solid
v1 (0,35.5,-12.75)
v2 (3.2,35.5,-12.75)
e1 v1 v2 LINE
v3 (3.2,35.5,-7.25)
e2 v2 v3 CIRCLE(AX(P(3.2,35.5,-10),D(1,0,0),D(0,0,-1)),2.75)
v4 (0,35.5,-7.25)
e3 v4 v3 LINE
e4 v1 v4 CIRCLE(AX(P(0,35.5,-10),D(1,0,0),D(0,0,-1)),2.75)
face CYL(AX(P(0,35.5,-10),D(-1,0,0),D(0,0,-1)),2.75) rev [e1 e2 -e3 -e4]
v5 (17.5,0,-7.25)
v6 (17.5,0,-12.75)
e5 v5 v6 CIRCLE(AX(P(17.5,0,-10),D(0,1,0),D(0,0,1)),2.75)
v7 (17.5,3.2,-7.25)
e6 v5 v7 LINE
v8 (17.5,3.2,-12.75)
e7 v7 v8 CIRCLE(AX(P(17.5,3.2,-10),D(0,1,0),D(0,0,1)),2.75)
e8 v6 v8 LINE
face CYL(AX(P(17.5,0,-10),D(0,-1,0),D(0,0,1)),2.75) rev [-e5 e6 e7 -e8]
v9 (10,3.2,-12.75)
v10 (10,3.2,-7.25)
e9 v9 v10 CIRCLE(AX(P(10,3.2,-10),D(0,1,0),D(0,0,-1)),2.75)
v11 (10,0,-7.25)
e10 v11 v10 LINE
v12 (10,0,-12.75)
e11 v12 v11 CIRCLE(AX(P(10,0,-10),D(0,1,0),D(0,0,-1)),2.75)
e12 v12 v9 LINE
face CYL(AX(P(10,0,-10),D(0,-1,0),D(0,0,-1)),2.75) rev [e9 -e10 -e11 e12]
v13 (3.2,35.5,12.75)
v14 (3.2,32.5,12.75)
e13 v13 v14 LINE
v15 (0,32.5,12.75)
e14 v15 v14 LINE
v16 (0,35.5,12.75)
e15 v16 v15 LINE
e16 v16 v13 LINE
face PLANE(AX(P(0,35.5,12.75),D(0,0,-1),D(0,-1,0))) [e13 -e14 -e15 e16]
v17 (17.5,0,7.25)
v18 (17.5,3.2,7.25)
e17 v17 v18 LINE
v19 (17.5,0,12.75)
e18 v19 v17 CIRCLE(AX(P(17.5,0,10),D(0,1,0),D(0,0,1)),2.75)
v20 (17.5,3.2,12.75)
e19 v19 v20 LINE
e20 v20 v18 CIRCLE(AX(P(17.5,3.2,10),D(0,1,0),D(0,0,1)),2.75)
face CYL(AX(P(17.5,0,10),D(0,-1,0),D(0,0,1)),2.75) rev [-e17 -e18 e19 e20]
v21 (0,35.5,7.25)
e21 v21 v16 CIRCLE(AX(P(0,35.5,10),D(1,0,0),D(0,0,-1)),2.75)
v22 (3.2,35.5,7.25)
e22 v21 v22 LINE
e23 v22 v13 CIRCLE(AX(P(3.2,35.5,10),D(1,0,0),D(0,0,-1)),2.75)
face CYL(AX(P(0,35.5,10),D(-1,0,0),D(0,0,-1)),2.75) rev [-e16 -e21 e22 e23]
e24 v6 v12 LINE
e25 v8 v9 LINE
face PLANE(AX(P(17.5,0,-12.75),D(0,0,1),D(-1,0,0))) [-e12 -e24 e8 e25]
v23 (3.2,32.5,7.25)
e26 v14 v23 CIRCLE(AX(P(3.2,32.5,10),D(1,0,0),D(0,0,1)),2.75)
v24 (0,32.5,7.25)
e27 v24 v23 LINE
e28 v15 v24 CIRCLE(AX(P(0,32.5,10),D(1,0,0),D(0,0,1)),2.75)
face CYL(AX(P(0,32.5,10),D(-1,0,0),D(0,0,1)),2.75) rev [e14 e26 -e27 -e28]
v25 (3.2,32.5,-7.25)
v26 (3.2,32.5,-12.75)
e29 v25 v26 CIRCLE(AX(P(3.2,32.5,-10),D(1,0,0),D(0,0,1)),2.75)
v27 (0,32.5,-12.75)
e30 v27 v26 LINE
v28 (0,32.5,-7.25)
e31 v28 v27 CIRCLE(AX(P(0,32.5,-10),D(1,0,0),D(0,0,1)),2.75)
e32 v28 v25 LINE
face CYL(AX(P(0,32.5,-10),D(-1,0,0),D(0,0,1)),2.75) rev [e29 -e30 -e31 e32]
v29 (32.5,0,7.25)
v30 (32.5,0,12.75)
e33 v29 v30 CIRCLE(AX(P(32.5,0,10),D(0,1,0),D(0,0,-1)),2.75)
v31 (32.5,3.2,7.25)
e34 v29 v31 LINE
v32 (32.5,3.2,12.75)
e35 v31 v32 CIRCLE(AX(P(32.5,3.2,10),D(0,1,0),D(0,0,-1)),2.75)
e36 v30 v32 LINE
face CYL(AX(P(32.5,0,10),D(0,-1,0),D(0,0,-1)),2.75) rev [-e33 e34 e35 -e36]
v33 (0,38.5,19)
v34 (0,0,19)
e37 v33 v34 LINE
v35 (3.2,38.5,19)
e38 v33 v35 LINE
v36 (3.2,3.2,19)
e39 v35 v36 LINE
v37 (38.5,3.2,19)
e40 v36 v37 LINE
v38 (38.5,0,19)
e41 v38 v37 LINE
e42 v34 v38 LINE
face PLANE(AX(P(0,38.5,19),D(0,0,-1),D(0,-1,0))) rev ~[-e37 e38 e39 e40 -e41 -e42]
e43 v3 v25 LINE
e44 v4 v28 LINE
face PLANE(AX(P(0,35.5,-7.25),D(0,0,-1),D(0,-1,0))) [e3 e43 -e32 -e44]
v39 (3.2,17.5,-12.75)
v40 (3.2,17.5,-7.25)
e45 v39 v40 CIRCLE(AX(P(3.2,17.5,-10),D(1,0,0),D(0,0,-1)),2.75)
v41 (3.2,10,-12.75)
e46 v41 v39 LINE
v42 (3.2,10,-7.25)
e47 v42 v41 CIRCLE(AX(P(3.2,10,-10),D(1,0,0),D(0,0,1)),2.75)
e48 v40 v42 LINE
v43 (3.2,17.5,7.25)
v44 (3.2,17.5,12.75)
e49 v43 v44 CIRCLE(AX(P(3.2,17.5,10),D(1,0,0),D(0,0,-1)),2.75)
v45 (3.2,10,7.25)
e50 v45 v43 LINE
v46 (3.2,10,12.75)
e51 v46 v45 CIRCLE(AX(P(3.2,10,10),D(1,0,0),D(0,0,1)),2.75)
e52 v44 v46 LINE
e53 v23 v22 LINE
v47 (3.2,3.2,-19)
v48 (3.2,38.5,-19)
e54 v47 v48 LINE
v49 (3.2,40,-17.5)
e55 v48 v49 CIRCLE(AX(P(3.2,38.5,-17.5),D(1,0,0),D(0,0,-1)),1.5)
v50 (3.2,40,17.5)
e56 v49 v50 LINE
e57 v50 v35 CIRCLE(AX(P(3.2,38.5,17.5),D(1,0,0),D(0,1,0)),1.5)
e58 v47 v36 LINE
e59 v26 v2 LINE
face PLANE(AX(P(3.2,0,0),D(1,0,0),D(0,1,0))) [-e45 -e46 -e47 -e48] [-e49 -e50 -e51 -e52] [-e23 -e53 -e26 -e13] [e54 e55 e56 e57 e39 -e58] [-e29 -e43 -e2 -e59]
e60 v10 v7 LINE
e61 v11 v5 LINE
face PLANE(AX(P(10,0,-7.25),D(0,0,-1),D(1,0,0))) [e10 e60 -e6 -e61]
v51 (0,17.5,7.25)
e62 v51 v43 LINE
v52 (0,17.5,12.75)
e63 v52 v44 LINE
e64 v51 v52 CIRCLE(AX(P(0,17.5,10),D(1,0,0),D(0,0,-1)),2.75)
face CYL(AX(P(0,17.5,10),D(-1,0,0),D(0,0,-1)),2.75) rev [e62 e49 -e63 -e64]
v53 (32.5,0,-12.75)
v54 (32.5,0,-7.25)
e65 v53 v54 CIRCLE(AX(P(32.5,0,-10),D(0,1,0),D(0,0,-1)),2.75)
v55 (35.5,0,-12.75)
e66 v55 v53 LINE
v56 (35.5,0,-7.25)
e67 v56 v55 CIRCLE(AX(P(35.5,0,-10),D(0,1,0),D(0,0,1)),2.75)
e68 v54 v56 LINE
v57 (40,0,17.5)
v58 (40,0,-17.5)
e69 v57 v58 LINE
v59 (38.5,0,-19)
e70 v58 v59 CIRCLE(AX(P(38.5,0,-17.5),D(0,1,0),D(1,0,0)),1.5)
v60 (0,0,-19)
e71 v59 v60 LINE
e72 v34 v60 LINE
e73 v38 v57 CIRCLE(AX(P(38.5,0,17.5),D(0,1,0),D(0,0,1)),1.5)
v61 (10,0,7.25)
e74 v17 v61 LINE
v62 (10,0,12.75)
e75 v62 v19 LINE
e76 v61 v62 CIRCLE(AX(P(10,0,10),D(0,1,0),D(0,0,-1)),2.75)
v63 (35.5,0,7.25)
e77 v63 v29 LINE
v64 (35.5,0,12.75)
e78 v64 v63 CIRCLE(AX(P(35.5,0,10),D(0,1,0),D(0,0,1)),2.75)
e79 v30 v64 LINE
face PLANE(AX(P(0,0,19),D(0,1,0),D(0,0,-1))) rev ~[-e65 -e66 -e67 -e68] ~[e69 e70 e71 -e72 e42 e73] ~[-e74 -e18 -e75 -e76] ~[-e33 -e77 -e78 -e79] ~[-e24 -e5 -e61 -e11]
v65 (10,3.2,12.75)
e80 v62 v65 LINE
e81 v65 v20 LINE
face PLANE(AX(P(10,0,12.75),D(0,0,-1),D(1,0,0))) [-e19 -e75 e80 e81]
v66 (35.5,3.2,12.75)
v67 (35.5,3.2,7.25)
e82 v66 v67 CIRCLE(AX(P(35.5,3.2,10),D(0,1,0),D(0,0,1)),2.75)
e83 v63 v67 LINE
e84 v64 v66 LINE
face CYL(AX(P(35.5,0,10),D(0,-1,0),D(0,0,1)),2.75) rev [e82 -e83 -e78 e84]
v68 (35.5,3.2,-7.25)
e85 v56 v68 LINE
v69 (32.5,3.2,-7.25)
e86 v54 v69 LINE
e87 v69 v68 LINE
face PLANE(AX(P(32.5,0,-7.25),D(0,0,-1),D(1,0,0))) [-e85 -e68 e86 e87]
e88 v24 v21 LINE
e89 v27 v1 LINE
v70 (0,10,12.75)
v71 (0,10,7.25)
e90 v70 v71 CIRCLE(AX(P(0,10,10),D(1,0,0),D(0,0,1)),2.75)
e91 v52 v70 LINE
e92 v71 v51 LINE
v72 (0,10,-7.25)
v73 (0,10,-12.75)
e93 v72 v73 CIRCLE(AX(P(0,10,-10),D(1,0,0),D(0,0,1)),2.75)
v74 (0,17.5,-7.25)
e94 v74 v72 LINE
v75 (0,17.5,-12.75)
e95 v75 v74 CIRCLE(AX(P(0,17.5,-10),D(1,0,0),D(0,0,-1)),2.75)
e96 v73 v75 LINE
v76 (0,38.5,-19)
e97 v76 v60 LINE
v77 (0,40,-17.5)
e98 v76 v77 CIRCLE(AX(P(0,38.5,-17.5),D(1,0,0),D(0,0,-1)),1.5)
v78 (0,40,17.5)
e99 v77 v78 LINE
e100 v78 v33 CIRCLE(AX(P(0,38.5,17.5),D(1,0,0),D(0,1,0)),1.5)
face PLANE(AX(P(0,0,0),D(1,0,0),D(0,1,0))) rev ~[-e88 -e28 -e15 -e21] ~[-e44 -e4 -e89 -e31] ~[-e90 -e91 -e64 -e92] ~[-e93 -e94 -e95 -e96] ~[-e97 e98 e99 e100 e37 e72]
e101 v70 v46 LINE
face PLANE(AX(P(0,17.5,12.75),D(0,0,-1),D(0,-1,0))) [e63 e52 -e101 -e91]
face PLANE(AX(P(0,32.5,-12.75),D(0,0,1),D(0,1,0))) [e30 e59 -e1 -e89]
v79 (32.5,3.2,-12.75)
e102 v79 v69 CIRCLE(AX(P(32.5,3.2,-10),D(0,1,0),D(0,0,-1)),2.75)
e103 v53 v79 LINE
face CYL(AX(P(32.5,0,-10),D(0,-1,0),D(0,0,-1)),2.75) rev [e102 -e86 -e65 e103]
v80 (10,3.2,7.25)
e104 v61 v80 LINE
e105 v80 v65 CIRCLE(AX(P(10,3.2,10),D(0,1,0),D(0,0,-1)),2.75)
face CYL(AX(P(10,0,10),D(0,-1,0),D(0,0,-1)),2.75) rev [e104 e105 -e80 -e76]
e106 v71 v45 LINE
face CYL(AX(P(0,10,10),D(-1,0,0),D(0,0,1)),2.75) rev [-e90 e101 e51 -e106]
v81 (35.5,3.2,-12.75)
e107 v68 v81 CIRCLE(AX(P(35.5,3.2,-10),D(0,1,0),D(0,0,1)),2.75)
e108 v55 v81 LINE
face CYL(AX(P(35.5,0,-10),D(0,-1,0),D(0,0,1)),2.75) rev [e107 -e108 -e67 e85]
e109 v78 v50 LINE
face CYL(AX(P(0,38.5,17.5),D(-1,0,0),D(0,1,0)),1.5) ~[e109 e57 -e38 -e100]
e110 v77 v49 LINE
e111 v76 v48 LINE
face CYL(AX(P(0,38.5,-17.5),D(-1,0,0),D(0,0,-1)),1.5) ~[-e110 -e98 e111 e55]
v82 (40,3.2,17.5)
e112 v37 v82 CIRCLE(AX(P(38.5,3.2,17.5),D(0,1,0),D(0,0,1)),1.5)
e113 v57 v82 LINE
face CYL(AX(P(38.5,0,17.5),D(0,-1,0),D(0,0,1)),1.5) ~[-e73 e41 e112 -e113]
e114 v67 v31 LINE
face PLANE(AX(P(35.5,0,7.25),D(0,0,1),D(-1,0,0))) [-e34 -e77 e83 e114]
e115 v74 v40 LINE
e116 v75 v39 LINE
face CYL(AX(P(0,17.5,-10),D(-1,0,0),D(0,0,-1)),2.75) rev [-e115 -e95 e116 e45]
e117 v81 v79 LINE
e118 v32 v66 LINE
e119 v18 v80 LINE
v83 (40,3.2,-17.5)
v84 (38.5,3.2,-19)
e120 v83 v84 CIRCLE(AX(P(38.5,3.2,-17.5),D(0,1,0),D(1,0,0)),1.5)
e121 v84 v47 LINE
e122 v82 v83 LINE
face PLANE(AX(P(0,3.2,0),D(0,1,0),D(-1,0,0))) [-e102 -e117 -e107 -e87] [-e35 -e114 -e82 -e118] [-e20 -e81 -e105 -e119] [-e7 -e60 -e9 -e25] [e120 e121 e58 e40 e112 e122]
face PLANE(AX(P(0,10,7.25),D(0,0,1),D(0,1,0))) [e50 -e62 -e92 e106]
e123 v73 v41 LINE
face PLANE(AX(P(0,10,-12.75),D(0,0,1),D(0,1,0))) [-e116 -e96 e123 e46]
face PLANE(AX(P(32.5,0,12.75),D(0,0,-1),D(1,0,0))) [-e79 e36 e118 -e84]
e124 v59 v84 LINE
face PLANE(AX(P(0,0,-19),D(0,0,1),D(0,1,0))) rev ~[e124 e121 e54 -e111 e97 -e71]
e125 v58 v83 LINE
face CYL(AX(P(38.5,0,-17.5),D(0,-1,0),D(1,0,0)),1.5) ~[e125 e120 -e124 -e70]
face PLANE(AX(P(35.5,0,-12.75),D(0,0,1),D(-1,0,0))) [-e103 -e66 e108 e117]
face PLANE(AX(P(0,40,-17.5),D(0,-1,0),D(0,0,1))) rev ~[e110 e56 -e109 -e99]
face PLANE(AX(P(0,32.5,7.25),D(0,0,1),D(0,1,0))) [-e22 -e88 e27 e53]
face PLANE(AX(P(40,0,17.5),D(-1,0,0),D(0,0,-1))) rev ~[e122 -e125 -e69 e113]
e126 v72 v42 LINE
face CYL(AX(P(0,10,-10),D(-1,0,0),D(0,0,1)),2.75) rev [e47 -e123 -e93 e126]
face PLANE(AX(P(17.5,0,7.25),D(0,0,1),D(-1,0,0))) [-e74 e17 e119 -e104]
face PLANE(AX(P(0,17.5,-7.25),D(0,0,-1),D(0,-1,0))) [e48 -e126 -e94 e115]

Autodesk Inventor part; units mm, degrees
sketch "Sketch_1" plane through (0, 0, 0) normal (1, 0, 0) x (0, 1, 0)
  line L0 (38.5, 19) -> (0, 19)
  line L1 (0, 19) -> (0, -19)
  line L2 (0, -19) -> (38.5, -19)
  arc A0 (38.5, -19) -> (40, -17.5) centre (38.5, -17.5) ccw
  line L3 (40, -17.5) -> (40, 17.5)
  arc A1 (40, 17.5) -> (38.5, 19) centre (38.5, 17.5) ccw
  line L4 (17.5, -7.25) -> (10, -7.25)
  arc A2 (10, -7.25) -> (10, -12.75) centre (10, -10) ccw
  line L5 (10, -12.75) -> (17.5, -12.75)
  arc A3 (17.5, -12.75) -> (17.5, -7.25) centre (17.5, -10) ccw
  line L6 (35.5, -7.25) -> (32.5, -7.25)
  arc A4 (32.5, -7.25) -> (32.5, -12.75) centre (32.5, -10) ccw
  line L7 (32.5, -12.75) -> (35.5, -12.75)
  arc A5 (35.5, -12.75) -> (35.5, -7.25) centre (35.5, -10) ccw
  line L8 (17.5, 12.75) -> (10, 12.75)
  arc A6 (10, 12.75) -> (10, 7.25) centre (10, 10) ccw
  line L9 (10, 7.25) -> (17.5, 7.25)
  arc A7 (17.5, 7.25) -> (17.5, 12.75) centre (17.5, 10) ccw
  line L10 (35.5, 12.75) -> (32.5, 12.75)
  arc A8 (32.5, 12.75) -> (32.5, 7.25) centre (32.5, 10) ccw
  line L11 (32.5, 7.25) -> (35.5, 7.25)
  arc A9 (35.5, 7.25) -> (35.5, 12.75) centre (35.5, 10) ccw
extrude "Extrusion1" add sketch "Sketch_1" along normal blind 3.2
sketch "Sketch_3" plane through (0, 0, 0) normal (0, 1, 0) x (-1, 0, 0)
  line L0 (0, 19) -> (-38.5, 19)
  arc A0 (-38.5, 19) -> (-40, 17.5) centre (-38.5, 17.5) ccw
  line L1 (-40, 17.5) -> (-40, -17.5)
  arc A1 (-40, -17.5) -> (-38.5, -19) centre (-38.5, -17.5) ccw
  line L2 (-38.5, -19) -> (0, -19)
  line L3 (0, -19) -> (0, 19)
  arc A2 (-32.5, -12.75) -> (-32.5, -7.25) centre (-32.5, -10) ccw
  line L4 (-32.5, -7.25) -> (-35.5, -7.25)
  arc A3 (-35.5, -7.25) -> (-35.5, -12.75) centre (-35.5, -10) ccw
  line L5 (-35.5, -12.75) -> (-32.5, -12.75)
  arc A4 (-32.5, 7.25) -> (-32.5, 12.75) centre (-32.5, 10) ccw
  line L6 (-32.5, 12.75) -> (-35.5, 12.75)
  arc A5 (-35.5, 12.75) -> (-35.5, 7.25) centre (-35.5, 10) ccw
  line L7 (-35.5, 7.25) -> (-32.5, 7.25)
  arc A6 (-10, -12.75) -> (-10, -7.25) centre (-10, -10) ccw
  line L8 (-10, -7.25) -> (-17.5, -7.25)
  arc A7 (-17.5, -7.25) -> (-17.5, -12.75) centre (-17.5, -10) ccw
  line L9 (-17.5, -12.75) -> (-10, -12.75)
  arc A8 (-10, 7.25) -> (-10, 12.75) centre (-10, 10) ccw
  line L10 (-10, 12.75) -> (-17.5, 12.75)
  arc A9 (-17.5, 12.75) -> (-17.5, 7.25) centre (-17.5, 10) ccw
  line L11 (-17.5, 7.25) -> (-10, 7.25)
extrude "Extrusion2" add sketch "Sketch_3" along normal blind 3.2
ref_plane "to_cbm_1_1_XY" through (3.2, 17.5, -10) normal (1, 0, 0) x (0, 0, -1)
ref_plane "to_cbm_1_1_YZ" through (3.2, 17.5, -10) normal (0, 0, -1) x (0, 1, 0)
ref_plane "to_cbm_1_1_ZX" through (3.2, 17.5, -10) normal (0, 1, 0) x (1, 0, 0)
ref_plane "to_cbm_1_2_XY" through (3.2, 17.5, 10) normal (1, 0, 0) x (0, 0, -1)
ref_plane "to_cbm_1_2_YZ" through (3.2, 17.5, 10) normal (0, 0, -1) x (0, 1, 0)
ref_plane "to_cbm_1_2_ZX" through (3.2, 17.5, 10) normal (0, 1, 0) x (1, 0, 0)
ref_plane "to_cbm_1_3_XY" through (3.2, 35.5, -10) normal (1, 0, 0) x (0, 0, -1)
ref_plane "to_cbm_1_3_YZ" through (3.2, 35.5, -10) normal (0, 0, -1) x (0, 1, 0)
ref_plane "to_cbm_1_3_ZX" through (3.2, 35.5, -10) normal (0, 1, 0) x (1, 0, 0)
ref_plane "to_cbm_1_4_XY" through (3.2, 35.5, 10) normal (1, 0, 0) x (0, 0, -1)
ref_plane "to_cbm_1_4_YZ" through (3.2, 35.5, 10) normal (0, 0, -1) x (0, 1, 0)
ref_plane "to_cbm_1_4_ZX" through (3.2, 35.5, 10) normal (0, 1, 0) x (1, 0, 0)
ref_plane "to_cbm_2_1_XY" through (17.5, 3.2, 10) normal (0, 1, 0) x (1, 0, 0)
ref_plane "to_cbm_2_1_YZ" through (17.5, 3.2, 10) normal (1, 0, 0) x (0, 0, -1)
ref_plane "to_cbm_2_1_ZX" through (17.5, 3.2, 10) normal (0, 0, -1) x (0, 1, 0)
ref_plane "to_cbm_2_2_XY" through (17.5, 3.2, -10) normal (0, 1, 0) x (1, 0, 0)
ref_plane "to_cbm_2_2_YZ" through (17.5, 3.2, -10) normal (1, 0, 0) x (0, 0, -1)
ref_plane "to_cbm_2_2_ZX" through (17.5, 3.2, -10) normal (0, 0, -1) x (0, 1, 0)
ref_plane "to_cbm_2_3_XY" through (35.5, 3.2, 10) normal (0, 1, 0) x (1, 0, 0)
ref_plane "to_cbm_2_3_YZ" through (35.5, 3.2, 10) normal (1, 0, 0) x (0, 0, -1)
ref_plane "to_cbm_2_3_ZX" through (35.5, 3.2, 10) normal (0, 0, -1) x (0, 1, 0)
ref_plane "to_cbm_2_4_XY" through (35.5, 3.2, -10) normal (0, 1, 0) x (1, 0, 0)
ref_plane "to_cbm_2_4_YZ" through (35.5, 3.2, -10) normal (1, 0, 0) x (0, 0, -1)
ref_plane "to_cbm_2_4_ZX" through (35.5, 3.2, -10) normal (0, 0, -1) x (0, 1, 0)
ref_plane "to_hntp5_1_1_XY" through (-2, 17.5, -10) normal (-1, 0, 0) x (0, -1, 0)
ref_plane "to_hntp5_1_1_YZ" through (-2, 17.5, -10) normal (0, -1, 0) x (0, 0, 1)
ref_plane "to_hntp5_1_1_ZX" through (-2, 17.5, -10) normal (0, 0, 1) x (-1, 0, 0)
ref_plane "to_hntp5_1_2_XY" through (-2, 17.5, 10) normal (-1, 0, 0) x (0, -1, 0)
ref_plane "to_hntp5_1_2_YZ" through (-2, 17.5, 10) normal (0, -1, 0) x (0, 0, 1)
ref_plane "to_hntp5_1_2_ZX" through (-2, 17.5, 10) normal (0, 0, 1) x (-1, 0, 0)
ref_plane "to_hntp5_1_3_XY" through (-2, 35.5, -10) normal (-1, 0, 0) x (0, -1, 0)
ref_plane "to_hntp5_1_3_YZ" through (-2, 35.5, -10) normal (0, -1, 0) x (0, 0, 1)
ref_plane "to_hntp5_1_3_ZX" through (-2, 35.5, -10) normal (0, 0, 1) x (-1, 0, 0)
ref_plane "to_hntp5_1_4_XY" through (-2, 35.5, 10) normal (-1, 0, 0) x (0, -1, 0)
ref_plane "to_hntp5_1_4_YZ" through (-2, 35.5, 10) normal (0, -1, 0) x (0, 0, 1)
ref_plane "to_hntp5_1_4_ZX" through (-2, 35.5, 10) normal (0, 0, 1) x (-1, 0, 0)
ref_plane "to_hntp5_2_1_XY" through (17.5, -2, 10) normal (0, -1, 0) x (-1, 0, 0)
ref_plane "to_hntp5_2_1_YZ" through (17.5, -2, 10) normal (-1, 0, 0) x (0, 0, -1)
ref_plane "to_hntp5_2_1_ZX" through (17.5, -2, 10) normal (0, 0, -1) x (0, -1, 0)
ref_plane "to_hntp5_2_2_XY" through (17.5, -2, -10) normal (0, -1, 0) x (-1, 0, 0)
ref_plane "to_hntp5_2_2_YZ" through (17.5, -2, -10) normal (-1, 0, 0) x (0, 0, -1)
ref_plane "to_hntp5_2_2_ZX" through (17.5, -2, -10) normal (0, 0, -1) x (0, -1, 0)
ref_plane "to_hntp5_2_3_XY" through (35.5, -2, 10) normal (0, -1, 0) x (-1, 0, 0)
ref_plane "to_hntp5_2_3_YZ" through (35.5, -2, 10) normal (-1, 0, 0) x (0, 0, -1)
ref_plane "to_hntp5_2_3_ZX" through (35.5, -2, 10) normal (0, 0, -1) x (0, -1, 0)
ref_plane "to_hntp5_2_4_XY" through (35.5, -2, -10) normal (0, -1, 0) x (-1, 0, 0)
ref_plane "to_hntp5_2_4_YZ" through (35.5, -2, -10) normal (-1, 0, 0) x (0, 0, -1)
ref_plane "to_hntp5_2_4_ZX" through (35.5, -2, -10) normal (0, 0, -1) x (0, -1, 0)
properties part number "HPTBDW5-SEP_b."
